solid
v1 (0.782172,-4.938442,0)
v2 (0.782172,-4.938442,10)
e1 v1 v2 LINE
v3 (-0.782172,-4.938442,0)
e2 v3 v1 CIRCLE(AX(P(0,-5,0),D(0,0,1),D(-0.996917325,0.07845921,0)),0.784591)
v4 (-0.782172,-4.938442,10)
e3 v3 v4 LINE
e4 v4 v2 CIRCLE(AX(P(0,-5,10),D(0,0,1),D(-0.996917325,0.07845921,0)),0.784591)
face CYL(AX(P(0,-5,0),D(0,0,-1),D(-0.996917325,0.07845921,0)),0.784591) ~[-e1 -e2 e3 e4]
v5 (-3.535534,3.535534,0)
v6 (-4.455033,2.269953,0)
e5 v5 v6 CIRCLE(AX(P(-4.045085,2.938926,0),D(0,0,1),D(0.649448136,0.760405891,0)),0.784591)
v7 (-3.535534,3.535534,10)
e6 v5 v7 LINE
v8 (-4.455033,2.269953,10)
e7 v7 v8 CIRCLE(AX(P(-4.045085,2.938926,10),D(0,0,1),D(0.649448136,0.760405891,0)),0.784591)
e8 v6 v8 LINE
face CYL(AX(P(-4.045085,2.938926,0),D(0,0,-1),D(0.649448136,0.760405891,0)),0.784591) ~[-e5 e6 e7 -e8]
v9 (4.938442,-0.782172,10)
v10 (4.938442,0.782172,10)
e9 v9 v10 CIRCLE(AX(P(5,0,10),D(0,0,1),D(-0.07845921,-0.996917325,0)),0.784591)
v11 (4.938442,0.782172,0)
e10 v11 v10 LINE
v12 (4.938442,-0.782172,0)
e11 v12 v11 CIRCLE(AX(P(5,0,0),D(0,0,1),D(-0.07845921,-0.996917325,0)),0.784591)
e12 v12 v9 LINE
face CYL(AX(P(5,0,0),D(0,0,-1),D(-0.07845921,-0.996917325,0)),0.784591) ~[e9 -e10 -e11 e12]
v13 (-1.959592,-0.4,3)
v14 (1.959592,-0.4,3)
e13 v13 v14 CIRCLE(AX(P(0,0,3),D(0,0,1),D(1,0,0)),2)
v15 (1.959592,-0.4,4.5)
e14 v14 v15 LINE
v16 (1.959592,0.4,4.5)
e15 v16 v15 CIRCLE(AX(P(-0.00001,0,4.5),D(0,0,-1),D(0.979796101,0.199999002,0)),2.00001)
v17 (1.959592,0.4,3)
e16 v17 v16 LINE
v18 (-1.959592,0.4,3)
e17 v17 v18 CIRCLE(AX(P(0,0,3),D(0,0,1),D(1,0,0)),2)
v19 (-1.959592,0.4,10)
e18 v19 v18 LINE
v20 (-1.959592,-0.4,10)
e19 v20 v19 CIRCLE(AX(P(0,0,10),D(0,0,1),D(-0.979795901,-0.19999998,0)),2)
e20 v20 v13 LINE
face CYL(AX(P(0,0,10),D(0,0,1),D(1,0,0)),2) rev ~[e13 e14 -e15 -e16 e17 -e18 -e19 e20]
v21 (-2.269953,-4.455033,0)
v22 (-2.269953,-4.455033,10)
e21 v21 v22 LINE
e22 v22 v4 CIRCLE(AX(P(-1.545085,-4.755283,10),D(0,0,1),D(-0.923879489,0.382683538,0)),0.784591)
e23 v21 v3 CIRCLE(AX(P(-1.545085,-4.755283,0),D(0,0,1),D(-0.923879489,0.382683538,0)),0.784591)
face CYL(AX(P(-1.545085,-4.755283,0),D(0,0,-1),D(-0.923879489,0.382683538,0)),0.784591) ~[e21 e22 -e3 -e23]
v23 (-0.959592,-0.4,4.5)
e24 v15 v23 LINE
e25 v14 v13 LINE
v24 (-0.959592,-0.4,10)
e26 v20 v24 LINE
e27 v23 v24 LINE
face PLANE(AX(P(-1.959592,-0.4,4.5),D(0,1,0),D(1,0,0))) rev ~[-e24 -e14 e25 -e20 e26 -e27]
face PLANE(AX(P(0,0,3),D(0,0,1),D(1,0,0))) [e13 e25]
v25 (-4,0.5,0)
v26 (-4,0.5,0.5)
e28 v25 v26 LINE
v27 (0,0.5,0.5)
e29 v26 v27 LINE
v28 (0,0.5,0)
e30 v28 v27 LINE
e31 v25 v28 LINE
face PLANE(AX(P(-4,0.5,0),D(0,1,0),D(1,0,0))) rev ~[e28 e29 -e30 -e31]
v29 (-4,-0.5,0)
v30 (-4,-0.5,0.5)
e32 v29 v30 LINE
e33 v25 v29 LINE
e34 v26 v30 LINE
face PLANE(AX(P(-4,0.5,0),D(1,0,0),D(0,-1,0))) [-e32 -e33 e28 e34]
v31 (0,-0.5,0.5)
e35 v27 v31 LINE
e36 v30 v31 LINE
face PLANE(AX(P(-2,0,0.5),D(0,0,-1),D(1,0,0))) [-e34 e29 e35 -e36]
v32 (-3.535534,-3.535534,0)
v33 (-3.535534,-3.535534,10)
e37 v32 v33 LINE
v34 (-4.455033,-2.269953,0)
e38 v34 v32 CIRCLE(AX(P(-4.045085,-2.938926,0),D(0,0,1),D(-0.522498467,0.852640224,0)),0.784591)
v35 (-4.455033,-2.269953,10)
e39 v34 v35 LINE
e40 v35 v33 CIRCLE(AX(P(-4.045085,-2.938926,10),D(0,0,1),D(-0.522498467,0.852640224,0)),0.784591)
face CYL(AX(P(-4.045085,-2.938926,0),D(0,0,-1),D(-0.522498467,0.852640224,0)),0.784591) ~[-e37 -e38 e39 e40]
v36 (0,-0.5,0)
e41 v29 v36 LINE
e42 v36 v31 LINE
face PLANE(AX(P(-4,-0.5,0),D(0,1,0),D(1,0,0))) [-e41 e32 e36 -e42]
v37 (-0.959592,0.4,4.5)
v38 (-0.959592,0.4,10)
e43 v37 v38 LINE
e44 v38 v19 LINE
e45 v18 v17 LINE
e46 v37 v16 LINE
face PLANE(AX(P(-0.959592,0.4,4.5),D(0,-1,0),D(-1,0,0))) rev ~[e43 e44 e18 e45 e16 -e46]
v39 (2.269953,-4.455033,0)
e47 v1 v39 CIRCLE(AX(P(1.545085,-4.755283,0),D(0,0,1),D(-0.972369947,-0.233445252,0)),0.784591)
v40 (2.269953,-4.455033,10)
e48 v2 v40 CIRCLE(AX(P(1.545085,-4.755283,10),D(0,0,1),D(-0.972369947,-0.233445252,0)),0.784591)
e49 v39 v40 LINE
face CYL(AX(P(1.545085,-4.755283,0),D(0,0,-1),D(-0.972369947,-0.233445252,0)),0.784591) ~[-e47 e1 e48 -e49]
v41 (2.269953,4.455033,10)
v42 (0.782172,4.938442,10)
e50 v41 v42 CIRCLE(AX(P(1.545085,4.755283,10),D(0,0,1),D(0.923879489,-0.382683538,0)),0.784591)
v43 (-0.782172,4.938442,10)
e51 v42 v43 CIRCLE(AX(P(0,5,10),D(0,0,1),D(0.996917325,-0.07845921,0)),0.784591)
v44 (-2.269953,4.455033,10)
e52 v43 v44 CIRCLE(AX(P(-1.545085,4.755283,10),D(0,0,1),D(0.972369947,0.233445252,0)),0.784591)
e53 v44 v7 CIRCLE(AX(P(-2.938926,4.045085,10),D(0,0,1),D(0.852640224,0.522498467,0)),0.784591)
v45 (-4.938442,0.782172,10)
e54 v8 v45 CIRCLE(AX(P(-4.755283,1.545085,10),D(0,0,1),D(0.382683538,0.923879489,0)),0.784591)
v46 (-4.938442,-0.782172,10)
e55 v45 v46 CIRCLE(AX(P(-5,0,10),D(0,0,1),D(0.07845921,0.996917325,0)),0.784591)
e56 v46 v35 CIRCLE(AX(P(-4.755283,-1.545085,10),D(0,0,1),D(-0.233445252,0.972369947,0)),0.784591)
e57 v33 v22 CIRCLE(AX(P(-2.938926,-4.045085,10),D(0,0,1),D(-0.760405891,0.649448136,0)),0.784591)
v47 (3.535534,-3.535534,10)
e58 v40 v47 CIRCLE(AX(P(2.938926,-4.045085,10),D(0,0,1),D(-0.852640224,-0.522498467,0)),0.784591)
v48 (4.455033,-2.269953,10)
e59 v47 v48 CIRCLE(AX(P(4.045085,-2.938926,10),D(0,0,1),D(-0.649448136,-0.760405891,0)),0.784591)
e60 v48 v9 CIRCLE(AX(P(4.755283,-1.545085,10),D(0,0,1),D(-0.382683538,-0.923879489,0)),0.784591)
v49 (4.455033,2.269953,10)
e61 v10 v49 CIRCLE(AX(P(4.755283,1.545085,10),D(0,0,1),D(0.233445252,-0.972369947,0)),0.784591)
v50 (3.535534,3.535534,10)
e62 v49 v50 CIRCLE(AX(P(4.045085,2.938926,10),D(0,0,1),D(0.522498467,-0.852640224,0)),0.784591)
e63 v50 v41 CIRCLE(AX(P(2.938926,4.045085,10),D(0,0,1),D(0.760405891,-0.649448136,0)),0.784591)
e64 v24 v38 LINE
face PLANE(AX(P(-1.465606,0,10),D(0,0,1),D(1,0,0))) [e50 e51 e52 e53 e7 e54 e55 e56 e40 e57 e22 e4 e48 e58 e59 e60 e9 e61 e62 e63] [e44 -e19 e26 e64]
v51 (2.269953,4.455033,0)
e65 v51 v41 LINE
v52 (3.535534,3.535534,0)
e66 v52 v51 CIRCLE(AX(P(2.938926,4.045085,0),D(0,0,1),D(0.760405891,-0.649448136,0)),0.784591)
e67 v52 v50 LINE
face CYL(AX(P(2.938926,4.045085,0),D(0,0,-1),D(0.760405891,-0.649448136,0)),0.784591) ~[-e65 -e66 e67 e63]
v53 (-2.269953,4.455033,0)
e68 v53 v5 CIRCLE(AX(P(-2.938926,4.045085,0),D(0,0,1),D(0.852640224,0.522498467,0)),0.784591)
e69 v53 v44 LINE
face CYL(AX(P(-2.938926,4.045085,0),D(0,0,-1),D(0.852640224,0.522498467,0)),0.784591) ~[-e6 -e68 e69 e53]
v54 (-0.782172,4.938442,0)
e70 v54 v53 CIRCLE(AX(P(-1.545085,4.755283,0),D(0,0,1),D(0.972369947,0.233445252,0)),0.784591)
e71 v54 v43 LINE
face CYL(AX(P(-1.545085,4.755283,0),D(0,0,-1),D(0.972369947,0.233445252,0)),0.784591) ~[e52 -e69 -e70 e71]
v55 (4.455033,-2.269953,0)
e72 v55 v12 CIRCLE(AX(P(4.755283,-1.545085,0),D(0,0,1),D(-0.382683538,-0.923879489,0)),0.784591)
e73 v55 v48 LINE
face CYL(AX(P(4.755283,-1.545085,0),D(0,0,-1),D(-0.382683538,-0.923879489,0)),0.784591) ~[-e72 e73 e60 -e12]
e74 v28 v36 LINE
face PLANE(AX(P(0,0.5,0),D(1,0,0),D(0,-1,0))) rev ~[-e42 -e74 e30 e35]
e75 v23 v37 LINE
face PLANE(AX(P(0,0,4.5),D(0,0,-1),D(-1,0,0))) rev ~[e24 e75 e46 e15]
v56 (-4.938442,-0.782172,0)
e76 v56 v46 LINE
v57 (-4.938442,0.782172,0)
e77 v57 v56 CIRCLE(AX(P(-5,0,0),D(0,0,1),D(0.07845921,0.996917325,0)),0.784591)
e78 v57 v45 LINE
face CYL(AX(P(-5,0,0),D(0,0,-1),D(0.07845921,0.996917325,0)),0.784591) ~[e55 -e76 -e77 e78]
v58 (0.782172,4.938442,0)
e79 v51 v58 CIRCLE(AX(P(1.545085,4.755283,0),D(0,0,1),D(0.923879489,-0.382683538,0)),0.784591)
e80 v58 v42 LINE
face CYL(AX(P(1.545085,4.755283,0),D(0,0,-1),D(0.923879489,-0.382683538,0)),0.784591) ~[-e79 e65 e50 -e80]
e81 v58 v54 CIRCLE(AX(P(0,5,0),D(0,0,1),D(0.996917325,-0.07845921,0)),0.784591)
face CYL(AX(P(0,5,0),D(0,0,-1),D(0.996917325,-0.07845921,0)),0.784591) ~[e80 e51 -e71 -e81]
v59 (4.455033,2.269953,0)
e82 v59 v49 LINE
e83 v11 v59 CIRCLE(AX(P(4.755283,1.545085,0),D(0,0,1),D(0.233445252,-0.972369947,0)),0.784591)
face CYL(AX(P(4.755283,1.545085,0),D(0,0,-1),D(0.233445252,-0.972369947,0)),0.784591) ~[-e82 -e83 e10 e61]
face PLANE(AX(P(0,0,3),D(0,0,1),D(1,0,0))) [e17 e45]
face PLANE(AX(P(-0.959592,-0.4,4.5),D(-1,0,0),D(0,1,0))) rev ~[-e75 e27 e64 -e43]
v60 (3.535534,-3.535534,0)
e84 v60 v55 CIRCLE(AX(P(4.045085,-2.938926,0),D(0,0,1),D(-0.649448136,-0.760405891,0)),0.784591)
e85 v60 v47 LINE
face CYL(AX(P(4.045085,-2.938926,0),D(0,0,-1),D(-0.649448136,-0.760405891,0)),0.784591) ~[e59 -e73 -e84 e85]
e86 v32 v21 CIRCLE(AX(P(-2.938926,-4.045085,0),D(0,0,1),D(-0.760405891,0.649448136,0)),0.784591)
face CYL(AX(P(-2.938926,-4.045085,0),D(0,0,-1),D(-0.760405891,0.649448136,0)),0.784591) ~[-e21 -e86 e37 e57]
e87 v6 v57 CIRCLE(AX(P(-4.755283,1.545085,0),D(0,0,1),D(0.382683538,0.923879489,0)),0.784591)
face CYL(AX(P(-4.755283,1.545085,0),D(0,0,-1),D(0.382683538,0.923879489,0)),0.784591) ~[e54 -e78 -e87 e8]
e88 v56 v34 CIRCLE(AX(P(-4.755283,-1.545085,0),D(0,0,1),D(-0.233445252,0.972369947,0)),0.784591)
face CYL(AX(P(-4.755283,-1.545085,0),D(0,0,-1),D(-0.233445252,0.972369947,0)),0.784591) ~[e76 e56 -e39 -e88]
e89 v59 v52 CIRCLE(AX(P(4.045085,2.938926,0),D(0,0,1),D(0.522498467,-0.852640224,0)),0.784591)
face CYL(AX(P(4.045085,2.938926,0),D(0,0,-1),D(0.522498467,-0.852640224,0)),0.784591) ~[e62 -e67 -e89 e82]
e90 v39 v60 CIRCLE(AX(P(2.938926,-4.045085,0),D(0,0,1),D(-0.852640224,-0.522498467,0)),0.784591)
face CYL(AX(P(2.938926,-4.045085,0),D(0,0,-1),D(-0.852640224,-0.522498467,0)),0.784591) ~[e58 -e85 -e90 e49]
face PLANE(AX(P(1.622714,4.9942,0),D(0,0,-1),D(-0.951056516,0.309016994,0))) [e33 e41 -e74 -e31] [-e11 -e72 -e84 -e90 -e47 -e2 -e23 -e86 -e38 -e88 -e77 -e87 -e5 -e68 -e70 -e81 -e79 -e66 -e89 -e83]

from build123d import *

# Parameters (mm, degrees)
SKETCH_R           = 5
PAD_DEPTH          = 10
PAD001_DEPTH       = 10
POLARPATTERN_COUNT = 20
SKETCH002_R        = 2
POCKET_DEPTH       = 7
PAD002_DEPTH       = 1.5
PAD003_DEPTH       = 5.5
SKETCH005_W        = 4
SKETCH005_H        = 1
POCKET001_DEPTH    = 0.5


with BuildPart() as part:
    # Sketch → Pad (new body)
    with BuildSketch(Plane.XY):
        Circle(SKETCH_R)
    extrude(amount=PAD_DEPTH)

    # Sketch001 → Pad001 (join)
    with BuildSketch(Plane.XY):
        with BuildLine():
            ThreePointArc((0.782172, 4.938442), (0.392295, 4.984587), (0, 5))
            ThreePointArc((0, 5), (-0.392295, 4.984587), (-0.782172, 4.938442))
            ThreePointArc((0.782172, 4.938442), (0, 5.784591), (-0.782172, 4.938442))
        make_face()
    pad001 = extrude(amount=PAD001_DEPTH)

    # PolarPattern: Pad001 ×20 about axis
    polarpattern_axis = Axis((0, 0, 0), (0, 0, 1))
    for i in range(1, POLARPATTERN_COUNT):
        add(pad001.rotate(polarpattern_axis, i * 360 / POLARPATTERN_COUNT))

    # Sketch002 (on Face62 of PolarPattern) → Pocket (cut)
    with BuildSketch(Plane.XY.offset(10)):
        Circle(SKETCH002_R)
    extrude(amount=-POCKET_DEPTH, mode=Mode.SUBTRACT)

    # Sketch003 (on Face64 of Pocket) → Pad002 (join)
    with BuildSketch(Plane.XY.offset(3)):
        with BuildLine():
            Line((-1.959592, 0.4), (1.959592, 0.4))
            ThreePointArc((1.959592, -0.4), (2, 0), (1.959592, 0.4))
            Line((1.959592, -0.4), (-1.959592, -0.4))
            ThreePointArc((-1.959592, 0.4), (-2, 0), (-1.959592, -0.4))
        make_face()
    extrude(amount=PAD002_DEPTH)

    # Sketch004 (on Face64 of Pad002) → Pad003 (join)
    with BuildSketch(Plane.XY.offset(4.5)):
        with BuildLine():
            Line((-1.959592, -0.4), (-0.959592, -0.4))
            Line((-0.959592, -0.4), (-0.959592, 0.4))
            Line((-0.959592, 0.4), (-1.959592, 0.4))
            ThreePointArc((-1.959592, 0.4), (-2, 0), (-1.959592, -0.4))
        make_face()
    extrude(amount=PAD003_DEPTH)

    # Sketch005 (on Face1 of Pad003) → Pocket001 (cut)
    with BuildSketch(Plane(origin=(0, 0, 0), x_dir=(1, 0, 0), z_dir=(0, 0, -1))):
        with Locations((-2, 0)):
            Rectangle(SKETCH005_W, SKETCH005_H)
    extrude(amount=-POCKET001_DEPTH, mode=Mode.SUBTRACT)


solid = part.part
